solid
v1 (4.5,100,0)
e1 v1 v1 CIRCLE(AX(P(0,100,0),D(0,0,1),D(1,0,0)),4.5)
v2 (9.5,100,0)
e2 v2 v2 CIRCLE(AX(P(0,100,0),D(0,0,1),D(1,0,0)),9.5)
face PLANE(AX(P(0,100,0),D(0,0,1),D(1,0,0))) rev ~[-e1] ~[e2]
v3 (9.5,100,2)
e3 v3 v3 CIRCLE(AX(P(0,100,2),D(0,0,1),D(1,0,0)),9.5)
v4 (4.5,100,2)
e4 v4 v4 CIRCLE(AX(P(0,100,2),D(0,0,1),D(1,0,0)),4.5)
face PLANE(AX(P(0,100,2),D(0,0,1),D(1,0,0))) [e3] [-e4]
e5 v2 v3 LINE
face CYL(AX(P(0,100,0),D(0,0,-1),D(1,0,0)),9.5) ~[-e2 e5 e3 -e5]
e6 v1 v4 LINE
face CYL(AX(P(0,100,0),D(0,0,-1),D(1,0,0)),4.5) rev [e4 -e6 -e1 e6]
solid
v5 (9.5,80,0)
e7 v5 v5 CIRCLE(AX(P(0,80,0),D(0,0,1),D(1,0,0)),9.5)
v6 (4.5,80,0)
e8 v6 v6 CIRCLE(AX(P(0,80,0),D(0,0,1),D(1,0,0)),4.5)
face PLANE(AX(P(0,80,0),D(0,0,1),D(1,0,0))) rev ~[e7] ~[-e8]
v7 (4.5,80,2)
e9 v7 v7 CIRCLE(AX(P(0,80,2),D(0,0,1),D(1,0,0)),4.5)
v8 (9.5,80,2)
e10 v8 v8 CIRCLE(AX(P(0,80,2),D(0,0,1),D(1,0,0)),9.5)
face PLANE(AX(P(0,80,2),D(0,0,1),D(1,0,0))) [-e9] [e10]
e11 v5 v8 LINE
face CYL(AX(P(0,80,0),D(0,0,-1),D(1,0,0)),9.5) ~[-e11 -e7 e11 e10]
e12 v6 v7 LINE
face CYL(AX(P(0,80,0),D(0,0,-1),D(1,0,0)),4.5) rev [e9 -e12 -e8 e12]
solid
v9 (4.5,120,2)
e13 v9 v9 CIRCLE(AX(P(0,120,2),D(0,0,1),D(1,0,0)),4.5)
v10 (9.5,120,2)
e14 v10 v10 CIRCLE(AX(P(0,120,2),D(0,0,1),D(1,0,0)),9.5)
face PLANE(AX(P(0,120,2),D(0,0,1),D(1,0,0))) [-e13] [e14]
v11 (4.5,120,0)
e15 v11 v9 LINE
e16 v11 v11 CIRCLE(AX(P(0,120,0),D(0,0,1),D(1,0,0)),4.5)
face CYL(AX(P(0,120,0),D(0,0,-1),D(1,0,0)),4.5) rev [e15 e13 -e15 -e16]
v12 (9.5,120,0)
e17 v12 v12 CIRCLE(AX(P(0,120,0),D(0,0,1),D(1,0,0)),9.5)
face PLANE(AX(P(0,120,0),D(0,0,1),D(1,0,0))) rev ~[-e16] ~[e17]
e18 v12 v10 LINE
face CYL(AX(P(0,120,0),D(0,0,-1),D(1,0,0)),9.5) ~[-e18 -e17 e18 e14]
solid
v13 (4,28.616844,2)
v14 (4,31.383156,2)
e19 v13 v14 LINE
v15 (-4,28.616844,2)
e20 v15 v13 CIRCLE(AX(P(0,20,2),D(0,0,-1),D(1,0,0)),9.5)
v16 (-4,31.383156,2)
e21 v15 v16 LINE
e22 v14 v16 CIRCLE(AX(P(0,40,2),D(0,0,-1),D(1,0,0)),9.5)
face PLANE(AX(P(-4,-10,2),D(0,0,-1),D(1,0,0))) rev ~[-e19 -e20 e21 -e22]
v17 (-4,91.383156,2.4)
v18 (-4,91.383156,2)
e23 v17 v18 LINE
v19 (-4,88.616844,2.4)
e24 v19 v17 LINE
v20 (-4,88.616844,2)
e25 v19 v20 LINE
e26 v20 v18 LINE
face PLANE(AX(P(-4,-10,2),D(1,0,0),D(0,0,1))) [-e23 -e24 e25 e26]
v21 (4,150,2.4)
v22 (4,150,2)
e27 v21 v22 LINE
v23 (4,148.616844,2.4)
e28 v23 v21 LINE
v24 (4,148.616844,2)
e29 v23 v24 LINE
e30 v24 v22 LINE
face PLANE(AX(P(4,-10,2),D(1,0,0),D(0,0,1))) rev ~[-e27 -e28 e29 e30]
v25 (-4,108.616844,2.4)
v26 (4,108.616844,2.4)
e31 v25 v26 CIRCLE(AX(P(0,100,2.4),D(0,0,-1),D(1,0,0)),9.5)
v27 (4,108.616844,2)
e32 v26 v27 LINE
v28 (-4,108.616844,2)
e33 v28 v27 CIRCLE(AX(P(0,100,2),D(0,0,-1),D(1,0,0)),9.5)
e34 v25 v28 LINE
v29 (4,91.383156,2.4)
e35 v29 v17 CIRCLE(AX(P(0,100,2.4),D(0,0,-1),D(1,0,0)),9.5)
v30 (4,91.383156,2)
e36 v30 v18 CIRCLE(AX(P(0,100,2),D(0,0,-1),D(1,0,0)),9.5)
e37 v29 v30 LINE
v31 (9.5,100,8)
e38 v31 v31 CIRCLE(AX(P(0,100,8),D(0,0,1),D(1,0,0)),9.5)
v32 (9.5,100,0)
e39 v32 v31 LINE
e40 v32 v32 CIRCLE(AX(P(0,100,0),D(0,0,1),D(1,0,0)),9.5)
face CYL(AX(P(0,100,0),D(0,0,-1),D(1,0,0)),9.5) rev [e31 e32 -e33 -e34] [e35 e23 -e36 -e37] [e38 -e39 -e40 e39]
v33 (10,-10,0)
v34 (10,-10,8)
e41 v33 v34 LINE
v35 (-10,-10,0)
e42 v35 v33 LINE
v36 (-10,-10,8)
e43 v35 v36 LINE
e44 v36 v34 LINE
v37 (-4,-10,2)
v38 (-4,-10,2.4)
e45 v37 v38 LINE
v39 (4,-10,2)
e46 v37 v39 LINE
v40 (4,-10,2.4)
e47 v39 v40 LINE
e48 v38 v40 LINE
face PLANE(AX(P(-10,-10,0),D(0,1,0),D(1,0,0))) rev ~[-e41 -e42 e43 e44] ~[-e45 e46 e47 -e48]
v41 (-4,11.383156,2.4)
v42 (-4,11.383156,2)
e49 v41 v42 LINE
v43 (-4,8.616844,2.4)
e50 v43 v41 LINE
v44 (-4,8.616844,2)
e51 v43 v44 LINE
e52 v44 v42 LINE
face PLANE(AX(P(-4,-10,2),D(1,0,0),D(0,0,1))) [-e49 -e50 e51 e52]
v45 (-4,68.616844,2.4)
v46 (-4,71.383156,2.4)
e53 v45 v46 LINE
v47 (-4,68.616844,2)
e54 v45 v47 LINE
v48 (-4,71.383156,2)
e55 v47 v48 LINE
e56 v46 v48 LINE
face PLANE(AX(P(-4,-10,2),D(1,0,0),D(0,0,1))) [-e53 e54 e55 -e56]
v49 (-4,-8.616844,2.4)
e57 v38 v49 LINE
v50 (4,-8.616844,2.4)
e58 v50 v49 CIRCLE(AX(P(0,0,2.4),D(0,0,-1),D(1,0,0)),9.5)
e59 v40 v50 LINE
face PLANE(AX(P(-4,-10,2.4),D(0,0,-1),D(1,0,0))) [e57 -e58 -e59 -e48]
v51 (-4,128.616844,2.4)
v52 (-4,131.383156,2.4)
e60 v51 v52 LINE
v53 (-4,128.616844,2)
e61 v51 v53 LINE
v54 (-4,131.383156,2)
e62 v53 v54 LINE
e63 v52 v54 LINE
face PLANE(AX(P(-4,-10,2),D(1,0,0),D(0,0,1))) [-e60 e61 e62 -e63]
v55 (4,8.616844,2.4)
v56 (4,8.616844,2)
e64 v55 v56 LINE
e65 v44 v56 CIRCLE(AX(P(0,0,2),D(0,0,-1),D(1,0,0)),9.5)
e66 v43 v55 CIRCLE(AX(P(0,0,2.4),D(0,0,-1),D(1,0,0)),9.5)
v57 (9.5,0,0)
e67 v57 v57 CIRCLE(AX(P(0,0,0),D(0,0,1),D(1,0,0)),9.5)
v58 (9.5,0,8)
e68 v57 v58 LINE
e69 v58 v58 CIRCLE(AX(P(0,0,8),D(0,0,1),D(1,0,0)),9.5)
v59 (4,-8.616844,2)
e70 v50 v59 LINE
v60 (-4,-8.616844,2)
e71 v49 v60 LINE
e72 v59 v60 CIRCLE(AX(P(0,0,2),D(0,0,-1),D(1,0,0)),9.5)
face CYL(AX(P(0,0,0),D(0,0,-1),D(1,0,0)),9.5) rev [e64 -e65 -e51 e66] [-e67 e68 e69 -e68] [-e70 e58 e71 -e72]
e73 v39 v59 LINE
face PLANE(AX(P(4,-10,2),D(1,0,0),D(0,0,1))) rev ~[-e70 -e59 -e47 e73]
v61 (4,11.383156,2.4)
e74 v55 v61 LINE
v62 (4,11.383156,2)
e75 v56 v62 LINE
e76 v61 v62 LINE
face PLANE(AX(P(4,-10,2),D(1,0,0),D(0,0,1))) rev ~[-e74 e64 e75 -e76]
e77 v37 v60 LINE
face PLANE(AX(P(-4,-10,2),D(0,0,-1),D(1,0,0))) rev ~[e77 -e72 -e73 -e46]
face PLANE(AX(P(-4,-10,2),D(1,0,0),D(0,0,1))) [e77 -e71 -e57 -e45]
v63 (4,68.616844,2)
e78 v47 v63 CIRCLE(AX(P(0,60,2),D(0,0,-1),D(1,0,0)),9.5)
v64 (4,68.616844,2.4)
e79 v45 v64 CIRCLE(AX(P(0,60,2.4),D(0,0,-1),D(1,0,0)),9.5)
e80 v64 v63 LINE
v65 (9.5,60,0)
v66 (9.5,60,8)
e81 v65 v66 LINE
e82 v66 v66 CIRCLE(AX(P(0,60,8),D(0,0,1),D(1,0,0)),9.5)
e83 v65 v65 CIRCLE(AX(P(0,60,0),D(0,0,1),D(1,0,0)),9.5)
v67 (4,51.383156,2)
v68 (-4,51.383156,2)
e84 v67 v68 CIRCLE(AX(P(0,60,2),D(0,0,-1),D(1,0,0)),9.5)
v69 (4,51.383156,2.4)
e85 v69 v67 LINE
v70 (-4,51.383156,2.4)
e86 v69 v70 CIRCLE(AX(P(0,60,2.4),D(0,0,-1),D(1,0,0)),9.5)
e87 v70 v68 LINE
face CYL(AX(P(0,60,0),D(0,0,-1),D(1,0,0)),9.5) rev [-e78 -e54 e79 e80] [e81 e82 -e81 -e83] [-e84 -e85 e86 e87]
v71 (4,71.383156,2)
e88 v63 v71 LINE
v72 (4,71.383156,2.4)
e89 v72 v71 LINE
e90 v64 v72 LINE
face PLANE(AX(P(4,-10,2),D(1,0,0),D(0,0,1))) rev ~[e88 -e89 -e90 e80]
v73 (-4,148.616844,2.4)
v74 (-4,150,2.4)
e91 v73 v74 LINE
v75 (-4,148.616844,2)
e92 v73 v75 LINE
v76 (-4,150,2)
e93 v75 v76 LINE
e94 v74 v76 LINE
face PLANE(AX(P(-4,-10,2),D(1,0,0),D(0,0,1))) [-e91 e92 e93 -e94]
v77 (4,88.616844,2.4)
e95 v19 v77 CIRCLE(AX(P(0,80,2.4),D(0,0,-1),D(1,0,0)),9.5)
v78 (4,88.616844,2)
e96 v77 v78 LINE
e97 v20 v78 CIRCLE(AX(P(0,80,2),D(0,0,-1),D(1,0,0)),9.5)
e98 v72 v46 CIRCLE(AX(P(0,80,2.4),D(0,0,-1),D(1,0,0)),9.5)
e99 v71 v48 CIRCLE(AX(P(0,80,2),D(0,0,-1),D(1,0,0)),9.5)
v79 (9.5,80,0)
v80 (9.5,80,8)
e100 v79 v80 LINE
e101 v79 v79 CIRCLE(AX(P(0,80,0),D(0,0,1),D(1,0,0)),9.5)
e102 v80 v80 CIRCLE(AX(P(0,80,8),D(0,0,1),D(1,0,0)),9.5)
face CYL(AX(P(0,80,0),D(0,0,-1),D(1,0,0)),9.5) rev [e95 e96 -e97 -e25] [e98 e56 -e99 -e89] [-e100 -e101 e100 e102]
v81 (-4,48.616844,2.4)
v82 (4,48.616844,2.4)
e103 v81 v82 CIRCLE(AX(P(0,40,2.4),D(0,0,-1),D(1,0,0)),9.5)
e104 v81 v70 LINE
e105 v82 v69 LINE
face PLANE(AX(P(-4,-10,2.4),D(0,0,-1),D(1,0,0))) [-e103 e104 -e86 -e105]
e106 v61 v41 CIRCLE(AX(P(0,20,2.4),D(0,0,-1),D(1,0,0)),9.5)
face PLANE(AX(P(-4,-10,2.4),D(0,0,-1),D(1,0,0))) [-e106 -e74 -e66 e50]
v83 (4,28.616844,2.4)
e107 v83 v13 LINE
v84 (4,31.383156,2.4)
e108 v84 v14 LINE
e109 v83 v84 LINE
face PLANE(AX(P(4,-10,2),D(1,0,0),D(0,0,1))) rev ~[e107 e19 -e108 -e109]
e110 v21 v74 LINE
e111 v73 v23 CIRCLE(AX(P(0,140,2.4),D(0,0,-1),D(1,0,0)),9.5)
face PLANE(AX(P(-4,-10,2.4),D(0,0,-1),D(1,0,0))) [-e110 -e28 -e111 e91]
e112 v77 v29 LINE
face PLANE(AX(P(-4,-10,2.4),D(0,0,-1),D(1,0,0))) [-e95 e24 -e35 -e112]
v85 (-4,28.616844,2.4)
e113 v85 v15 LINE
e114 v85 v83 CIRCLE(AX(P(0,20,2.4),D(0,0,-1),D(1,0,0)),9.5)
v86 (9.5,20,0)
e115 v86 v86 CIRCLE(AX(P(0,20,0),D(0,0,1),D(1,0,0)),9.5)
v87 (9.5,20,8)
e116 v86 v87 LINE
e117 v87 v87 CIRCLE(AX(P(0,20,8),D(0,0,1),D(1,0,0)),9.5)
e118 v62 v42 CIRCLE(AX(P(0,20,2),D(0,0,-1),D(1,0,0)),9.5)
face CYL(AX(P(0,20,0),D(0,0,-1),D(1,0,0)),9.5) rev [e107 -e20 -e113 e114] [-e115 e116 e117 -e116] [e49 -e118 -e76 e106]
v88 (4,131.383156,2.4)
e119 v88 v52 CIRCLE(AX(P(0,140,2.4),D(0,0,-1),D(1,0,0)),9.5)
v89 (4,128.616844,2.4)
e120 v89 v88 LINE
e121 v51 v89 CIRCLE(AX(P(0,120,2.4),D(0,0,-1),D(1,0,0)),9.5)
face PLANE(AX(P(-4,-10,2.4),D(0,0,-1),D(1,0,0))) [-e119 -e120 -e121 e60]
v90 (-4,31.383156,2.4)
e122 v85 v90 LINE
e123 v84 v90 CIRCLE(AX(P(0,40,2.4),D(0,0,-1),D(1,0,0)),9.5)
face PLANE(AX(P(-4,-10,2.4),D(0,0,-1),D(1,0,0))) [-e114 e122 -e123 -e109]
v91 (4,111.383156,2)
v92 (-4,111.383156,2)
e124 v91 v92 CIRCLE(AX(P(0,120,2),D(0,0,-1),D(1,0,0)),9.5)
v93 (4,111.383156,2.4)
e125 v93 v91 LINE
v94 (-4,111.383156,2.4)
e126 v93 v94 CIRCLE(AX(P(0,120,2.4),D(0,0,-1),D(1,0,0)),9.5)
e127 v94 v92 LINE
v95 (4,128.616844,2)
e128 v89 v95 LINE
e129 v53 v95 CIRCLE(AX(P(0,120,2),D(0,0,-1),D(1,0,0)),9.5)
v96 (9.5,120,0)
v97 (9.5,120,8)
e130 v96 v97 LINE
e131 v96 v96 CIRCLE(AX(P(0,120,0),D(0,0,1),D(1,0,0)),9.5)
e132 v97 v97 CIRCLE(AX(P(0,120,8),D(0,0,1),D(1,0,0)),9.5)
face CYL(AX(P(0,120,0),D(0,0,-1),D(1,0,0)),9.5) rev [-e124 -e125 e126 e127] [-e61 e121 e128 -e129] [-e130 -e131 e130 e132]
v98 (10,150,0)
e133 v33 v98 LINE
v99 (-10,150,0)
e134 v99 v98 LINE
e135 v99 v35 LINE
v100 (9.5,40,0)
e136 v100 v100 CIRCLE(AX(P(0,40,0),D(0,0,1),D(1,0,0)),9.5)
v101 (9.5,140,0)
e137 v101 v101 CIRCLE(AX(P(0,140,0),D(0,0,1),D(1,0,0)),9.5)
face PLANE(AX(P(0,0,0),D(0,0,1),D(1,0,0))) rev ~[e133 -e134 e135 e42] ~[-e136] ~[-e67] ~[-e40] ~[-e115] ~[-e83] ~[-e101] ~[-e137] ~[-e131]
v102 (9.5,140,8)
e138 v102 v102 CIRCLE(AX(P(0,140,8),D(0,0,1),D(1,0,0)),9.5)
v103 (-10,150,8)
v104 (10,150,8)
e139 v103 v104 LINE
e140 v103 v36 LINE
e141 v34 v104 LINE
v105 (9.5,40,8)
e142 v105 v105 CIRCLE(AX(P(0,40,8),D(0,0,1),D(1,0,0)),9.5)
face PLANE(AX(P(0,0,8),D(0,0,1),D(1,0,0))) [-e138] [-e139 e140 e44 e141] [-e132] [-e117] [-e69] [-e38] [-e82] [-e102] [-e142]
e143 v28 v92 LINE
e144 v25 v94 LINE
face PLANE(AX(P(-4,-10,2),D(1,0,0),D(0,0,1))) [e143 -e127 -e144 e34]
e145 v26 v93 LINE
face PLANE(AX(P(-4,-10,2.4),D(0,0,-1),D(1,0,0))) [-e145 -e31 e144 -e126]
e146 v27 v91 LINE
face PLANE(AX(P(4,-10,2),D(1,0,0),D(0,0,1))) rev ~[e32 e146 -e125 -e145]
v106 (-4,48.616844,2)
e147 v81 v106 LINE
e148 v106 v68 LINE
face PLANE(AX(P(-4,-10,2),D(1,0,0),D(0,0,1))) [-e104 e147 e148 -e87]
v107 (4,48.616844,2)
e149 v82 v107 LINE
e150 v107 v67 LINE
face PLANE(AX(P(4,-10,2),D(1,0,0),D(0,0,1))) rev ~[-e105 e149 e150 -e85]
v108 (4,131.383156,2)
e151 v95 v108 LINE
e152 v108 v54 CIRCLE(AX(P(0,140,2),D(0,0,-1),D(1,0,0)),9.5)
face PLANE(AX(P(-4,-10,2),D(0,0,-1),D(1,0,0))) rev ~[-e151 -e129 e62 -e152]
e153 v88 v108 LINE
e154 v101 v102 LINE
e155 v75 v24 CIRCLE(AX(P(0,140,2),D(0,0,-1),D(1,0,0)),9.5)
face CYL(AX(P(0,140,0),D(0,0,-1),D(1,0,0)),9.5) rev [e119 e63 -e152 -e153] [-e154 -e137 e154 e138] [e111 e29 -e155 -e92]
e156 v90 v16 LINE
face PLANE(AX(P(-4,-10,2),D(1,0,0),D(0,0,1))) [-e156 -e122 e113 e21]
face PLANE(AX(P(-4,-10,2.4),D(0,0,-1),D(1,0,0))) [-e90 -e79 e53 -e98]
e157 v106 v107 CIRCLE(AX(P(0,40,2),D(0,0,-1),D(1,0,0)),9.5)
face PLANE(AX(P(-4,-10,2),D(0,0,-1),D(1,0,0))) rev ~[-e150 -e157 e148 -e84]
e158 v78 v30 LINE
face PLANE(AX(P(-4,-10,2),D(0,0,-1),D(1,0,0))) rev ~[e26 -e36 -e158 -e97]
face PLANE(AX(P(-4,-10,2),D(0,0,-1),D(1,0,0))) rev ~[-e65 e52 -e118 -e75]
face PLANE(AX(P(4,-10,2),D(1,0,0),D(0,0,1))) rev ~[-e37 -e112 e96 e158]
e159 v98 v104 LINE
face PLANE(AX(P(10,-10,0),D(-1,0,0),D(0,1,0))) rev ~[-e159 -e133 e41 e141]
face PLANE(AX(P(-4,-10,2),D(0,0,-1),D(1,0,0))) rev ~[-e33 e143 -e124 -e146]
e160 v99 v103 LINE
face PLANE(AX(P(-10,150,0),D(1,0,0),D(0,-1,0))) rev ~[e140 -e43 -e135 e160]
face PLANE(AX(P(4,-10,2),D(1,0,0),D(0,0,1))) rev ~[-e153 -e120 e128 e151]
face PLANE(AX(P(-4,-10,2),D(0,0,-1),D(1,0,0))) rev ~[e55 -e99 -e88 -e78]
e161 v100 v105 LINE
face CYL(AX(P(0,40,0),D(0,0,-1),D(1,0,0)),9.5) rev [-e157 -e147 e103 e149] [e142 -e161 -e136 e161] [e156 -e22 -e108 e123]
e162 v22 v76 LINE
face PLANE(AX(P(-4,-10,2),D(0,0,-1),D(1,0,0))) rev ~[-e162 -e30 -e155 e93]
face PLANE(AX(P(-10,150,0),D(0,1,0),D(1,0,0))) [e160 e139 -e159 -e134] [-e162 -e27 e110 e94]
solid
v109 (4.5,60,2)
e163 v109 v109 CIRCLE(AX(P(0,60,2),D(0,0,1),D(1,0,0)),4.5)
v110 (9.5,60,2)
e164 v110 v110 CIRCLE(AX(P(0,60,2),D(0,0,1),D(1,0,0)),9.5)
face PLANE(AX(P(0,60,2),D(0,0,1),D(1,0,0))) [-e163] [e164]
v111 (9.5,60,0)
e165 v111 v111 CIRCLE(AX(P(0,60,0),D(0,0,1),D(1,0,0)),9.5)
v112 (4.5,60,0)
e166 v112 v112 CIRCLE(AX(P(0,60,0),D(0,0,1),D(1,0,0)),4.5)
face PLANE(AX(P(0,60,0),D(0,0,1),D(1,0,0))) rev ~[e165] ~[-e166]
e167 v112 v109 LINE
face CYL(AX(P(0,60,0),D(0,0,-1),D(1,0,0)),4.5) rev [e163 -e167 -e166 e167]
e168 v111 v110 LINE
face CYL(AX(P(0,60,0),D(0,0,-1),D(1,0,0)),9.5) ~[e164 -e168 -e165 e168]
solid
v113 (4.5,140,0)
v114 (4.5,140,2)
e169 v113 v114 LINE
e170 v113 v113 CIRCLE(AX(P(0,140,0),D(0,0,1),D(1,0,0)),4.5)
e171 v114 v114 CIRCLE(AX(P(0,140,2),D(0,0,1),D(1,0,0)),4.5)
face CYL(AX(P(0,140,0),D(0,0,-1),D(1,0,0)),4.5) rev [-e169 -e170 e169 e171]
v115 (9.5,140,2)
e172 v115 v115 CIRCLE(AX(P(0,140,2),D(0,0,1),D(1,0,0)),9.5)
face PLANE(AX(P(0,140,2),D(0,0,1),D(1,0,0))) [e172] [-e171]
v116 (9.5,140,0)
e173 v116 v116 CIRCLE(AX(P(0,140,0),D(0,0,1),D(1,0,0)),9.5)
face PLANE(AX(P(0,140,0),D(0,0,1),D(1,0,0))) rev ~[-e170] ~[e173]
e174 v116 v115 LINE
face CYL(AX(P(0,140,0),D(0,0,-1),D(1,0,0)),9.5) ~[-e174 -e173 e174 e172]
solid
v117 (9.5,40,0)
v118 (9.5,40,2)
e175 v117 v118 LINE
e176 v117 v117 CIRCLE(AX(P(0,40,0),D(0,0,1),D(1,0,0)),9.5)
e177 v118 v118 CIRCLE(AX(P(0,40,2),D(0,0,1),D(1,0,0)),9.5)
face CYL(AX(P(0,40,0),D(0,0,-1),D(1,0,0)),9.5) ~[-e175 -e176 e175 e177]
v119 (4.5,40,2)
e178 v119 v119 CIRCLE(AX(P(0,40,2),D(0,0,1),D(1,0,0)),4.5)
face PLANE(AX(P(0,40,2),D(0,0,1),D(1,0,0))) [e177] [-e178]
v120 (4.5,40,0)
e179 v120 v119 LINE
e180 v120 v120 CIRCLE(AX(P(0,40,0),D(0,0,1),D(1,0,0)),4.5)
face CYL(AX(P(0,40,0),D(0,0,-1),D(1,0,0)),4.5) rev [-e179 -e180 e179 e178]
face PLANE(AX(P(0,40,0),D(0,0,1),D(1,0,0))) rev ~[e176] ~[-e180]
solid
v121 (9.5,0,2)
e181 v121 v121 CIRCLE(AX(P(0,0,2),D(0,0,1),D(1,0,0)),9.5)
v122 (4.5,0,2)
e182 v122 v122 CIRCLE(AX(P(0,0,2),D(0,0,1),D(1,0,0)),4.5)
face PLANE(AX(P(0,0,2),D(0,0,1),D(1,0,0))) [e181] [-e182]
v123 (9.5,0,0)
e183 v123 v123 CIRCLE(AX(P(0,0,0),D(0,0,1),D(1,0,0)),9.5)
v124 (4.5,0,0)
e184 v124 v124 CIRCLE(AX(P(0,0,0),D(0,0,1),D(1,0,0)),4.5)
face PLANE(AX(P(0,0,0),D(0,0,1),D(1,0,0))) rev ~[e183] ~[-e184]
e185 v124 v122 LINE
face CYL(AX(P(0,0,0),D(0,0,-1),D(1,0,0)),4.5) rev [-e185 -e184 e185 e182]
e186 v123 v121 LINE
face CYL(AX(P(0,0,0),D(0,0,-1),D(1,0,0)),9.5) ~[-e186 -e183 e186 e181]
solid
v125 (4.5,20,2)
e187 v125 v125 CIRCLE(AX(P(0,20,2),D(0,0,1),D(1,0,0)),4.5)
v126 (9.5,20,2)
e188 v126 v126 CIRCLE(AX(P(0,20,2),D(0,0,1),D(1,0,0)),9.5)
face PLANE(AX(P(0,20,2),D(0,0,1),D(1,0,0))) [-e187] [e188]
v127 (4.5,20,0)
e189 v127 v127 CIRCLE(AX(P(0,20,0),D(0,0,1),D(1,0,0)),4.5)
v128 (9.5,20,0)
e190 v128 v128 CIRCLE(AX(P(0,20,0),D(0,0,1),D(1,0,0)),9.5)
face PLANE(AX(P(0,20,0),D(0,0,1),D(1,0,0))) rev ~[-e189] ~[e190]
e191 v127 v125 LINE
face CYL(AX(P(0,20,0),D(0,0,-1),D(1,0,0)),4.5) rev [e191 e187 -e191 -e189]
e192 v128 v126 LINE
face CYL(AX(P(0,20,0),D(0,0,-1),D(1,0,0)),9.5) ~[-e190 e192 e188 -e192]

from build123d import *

# Parameters (mm, degrees)
F0_R     = 9.5
F0_R_2   = 4.5
F1_DEPTH = 2
F0_W     = 20
F0_H     = 20
F2_DEPTH = 8
F3_W     = 8
F3_H     = 0.4
F4_DEPTH = 160.001


with BuildPart() as f1:
    # F0 (on Top) → F1 (new body)
    with BuildSketch(Plane.XY):
        Circle(F0_R)
        Circle(F0_R_2, mode=Mode.SUBTRACT)
        with Locations((0, 20)):
            Circle(F0_R)
        with Locations((0, 20)):
            Circle(F0_R_2, mode=Mode.SUBTRACT)
        with Locations((0, 40)):
            Circle(F0_R)
        with Locations((0, 40)):
            Circle(F0_R_2, mode=Mode.SUBTRACT)
        with Locations((0, 60)):
            Circle(F0_R)
        with Locations((0, 60)):
            Circle(F0_R_2, mode=Mode.SUBTRACT)
        with Locations((0, 80)):
            Circle(F0_R)
        with Locations((0, 80)):
            Circle(F0_R_2, mode=Mode.SUBTRACT)
        with Locations((0, 100)):
            Circle(F0_R)
        with Locations((0, 100)):
            Circle(F0_R_2, mode=Mode.SUBTRACT)
        with Locations((0, 120)):
            Circle(F0_R)
        with Locations((0, 120)):
            Circle(F0_R_2, mode=Mode.SUBTRACT)
        with Locations((0, 140)):
            Circle(F0_R)
        with Locations((0, 140)):
            Circle(F0_R_2, mode=Mode.SUBTRACT)
    extrude(amount=F1_DEPTH)


with BuildPart() as f2:
    # F0 (on Top) → F2 (new body)
    with BuildSketch(Plane.XY):
        Rectangle(F0_W, F0_H)
        Circle(F0_R, mode=Mode.SUBTRACT)
        with Locations((0, 20)):
            Rectangle(F0_W, F0_H)
        with Locations((0, 20)):
            Circle(F0_R, mode=Mode.SUBTRACT)
        with Locations((0, 40)):
            Rectangle(F0_W, F0_H)
        with Locations((0, 40)):
            Circle(F0_R, mode=Mode.SUBTRACT)
        with Locations((0, 60)):
            Rectangle(F0_W, F0_H)
        with Locations((0, 60)):
            Circle(F0_R, mode=Mode.SUBTRACT)
        with Locations((0, 80)):
            Rectangle(F0_W, F0_H)
        with Locations((0, 80)):
            Circle(F0_R, mode=Mode.SUBTRACT)
        with Locations((0, 100)):
            Rectangle(F0_W, F0_H)
        with Locations((0, 100)):
            Circle(F0_R, mode=Mode.SUBTRACT)
        with Locations((0, 120)):
            Rectangle(F0_W, F0_H)
        with Locations((0, 120)):
            Circle(F0_R, mode=Mode.SUBTRACT)
        with Locations((0, 140)):
            Rectangle(F0_W, F0_H)
        with Locations((0, 140)):
            Circle(F0_R, mode=Mode.SUBTRACT)
    extrude(amount=F2_DEPTH)

    # F3 (on face) → F4 (cut, through all)
    with BuildSketch(Plane.XZ.offset(10)):
        with Locations((0, 2.2)):
            Rectangle(F3_W, F3_H)
    extrude(amount=-F4_DEPTH, mode=Mode.SUBTRACT)


solid = Compound([f1.part, f2.part])
